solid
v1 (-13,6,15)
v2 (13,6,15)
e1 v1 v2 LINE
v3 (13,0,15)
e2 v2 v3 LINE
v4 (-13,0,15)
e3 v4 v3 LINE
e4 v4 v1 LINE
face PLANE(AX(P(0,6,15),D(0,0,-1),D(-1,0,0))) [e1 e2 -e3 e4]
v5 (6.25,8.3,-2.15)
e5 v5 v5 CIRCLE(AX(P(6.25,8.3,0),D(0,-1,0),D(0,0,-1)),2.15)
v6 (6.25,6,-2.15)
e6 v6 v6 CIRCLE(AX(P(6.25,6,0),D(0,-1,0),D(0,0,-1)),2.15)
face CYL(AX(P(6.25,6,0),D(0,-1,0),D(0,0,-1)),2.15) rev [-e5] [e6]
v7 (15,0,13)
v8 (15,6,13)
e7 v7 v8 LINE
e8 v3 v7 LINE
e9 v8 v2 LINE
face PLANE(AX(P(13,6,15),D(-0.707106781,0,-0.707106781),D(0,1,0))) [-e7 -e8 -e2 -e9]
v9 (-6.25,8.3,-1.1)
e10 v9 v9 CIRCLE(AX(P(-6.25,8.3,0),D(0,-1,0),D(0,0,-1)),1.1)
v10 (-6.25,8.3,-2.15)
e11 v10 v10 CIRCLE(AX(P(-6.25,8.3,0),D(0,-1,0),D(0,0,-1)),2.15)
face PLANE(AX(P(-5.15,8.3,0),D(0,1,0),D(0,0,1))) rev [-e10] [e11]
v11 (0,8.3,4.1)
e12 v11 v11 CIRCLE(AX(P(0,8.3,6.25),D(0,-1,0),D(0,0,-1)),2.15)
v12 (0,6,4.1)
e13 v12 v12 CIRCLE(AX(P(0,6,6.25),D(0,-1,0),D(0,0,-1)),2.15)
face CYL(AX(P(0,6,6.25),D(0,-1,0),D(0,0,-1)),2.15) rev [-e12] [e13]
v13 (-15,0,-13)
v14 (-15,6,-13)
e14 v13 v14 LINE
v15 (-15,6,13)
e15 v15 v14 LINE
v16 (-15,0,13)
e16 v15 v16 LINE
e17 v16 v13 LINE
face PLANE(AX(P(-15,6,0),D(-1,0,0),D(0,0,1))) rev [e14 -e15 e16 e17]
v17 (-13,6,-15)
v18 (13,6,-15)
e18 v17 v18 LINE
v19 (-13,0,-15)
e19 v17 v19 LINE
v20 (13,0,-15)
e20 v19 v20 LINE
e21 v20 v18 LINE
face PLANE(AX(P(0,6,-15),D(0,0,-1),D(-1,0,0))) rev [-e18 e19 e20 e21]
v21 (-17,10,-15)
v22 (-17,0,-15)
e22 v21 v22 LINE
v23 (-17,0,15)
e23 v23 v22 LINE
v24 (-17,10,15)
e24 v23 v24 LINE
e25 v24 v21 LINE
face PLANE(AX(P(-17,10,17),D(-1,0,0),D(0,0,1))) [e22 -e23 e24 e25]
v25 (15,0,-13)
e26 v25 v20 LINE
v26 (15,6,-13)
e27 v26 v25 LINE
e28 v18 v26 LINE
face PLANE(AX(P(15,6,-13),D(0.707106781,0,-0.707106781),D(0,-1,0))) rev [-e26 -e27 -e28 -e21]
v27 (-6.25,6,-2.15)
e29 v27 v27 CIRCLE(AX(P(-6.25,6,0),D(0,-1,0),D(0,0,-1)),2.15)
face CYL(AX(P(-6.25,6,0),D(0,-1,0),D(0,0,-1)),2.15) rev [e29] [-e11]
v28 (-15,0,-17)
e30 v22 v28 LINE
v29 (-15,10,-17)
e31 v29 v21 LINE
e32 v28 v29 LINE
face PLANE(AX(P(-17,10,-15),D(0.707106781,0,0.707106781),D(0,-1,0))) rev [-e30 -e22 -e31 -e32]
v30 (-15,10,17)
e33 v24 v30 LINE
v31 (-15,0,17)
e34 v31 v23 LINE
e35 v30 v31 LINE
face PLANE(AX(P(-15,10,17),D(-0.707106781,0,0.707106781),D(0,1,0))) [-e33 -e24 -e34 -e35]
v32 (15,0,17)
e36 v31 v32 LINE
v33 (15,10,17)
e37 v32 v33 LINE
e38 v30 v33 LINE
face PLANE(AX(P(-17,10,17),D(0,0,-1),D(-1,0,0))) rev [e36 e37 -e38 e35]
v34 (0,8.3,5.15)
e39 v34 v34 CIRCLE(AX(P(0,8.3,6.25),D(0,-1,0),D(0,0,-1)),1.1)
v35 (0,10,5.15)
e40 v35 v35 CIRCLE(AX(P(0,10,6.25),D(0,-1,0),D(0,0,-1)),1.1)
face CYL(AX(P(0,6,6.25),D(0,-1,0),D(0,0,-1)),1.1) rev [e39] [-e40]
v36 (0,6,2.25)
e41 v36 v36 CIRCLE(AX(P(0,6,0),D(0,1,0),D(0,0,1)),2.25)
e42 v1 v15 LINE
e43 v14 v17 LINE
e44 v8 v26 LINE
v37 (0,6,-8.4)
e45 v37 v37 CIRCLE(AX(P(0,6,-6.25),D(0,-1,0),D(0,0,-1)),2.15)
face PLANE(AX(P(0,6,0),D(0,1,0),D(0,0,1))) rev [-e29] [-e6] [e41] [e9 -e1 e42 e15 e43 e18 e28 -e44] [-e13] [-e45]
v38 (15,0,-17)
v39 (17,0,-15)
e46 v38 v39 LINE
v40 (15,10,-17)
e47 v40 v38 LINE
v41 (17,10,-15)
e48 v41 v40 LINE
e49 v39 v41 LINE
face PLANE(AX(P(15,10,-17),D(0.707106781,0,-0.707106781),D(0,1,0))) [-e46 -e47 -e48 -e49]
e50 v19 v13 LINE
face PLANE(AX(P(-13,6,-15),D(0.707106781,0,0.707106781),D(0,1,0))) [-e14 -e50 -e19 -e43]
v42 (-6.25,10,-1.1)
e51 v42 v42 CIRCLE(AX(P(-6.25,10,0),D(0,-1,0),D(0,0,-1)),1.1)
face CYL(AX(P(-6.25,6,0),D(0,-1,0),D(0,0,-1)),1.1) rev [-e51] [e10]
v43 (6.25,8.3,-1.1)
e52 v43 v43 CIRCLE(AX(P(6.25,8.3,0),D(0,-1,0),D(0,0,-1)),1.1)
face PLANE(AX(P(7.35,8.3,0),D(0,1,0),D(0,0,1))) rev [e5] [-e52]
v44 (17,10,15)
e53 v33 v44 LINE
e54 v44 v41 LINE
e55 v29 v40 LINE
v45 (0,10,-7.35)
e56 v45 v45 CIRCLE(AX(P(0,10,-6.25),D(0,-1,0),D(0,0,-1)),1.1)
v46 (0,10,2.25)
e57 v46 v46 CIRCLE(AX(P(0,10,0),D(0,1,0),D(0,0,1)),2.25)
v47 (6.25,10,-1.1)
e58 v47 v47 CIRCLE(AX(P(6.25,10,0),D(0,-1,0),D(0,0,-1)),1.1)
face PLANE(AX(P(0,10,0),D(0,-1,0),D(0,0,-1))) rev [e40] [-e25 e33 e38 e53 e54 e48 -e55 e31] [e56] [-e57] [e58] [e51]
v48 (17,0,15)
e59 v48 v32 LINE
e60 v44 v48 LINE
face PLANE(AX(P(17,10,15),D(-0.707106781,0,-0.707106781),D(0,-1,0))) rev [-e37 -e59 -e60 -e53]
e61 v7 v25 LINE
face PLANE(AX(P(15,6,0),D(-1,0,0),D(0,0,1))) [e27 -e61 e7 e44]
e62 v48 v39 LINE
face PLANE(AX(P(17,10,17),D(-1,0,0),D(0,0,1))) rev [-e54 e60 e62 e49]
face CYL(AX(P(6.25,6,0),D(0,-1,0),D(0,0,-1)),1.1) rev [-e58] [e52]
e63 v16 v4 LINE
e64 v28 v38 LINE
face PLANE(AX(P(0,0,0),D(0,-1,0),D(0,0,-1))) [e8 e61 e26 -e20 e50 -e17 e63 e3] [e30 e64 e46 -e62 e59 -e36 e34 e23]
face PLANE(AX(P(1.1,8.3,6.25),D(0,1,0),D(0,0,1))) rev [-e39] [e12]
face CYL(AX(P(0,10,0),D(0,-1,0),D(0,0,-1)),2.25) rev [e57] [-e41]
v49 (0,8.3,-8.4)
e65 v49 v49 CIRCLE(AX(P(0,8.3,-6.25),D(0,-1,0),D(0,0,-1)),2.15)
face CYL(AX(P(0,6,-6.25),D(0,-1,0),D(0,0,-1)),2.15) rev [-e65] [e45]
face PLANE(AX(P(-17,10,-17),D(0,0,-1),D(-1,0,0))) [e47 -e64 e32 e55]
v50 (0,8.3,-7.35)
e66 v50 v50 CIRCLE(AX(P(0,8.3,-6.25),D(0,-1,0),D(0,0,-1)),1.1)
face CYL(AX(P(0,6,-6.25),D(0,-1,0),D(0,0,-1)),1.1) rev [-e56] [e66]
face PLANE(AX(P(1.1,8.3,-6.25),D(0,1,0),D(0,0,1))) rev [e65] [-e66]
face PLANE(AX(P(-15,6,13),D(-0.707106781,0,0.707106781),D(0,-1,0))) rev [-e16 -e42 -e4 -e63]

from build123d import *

# Parameters (mm, degrees)
SKETCH_1_W                   = 34
SKETCH_1_H                   = 34
SKETCH_1_R                   = 2.25
EXTRUDE_1_DEPTH              = 10
SKETCH_1_3_W                 = 30
SKETCH_1_3_H                 = 30
SKETCH_1_3_R                 = 2.25
CUT_EXTRUDE_1_DEPTH          = 6
CHAMFER_1_SIZE               = 2
HOLE_WIZARD_M2_1_D           = 2.2
HOLE_WIZARD_M2_1_CBORE_D     = 4.3
HOLE_WIZARD_M2_1_CBORE_DEPTH = 2.3


with BuildPart() as part:
    # 草图1 → 凸台-拉伸1 (new body)
    with BuildSketch(Plane(origin=(0, 0, 0), x_dir=(1, 0, 0), z_dir=(0, 1, 0))):
        Rectangle(SKETCH_1_W, SKETCH_1_H)
        Circle(SKETCH_1_R, mode=Mode.SUBTRACT)
    extrude(amount=EXTRUDE_1_DEPTH)

    # 草图1<3> → 切除-拉伸1 (cut)
    with BuildSketch(Plane(origin=(0, 0, 0), x_dir=(1, 0, 0), z_dir=(0, 1, 0))):
        Rectangle(SKETCH_1_3_W, SKETCH_1_3_H)
        Circle(SKETCH_1_3_R, mode=Mode.SUBTRACT)
    extrude(amount=CUT_EXTRUDE_1_DEPTH, mode=Mode.SUBTRACT)

    # 倒角1
    chamfer_1_edges = [part.edges().sort_by_distance(p)[0] for p in [
        (-15, 3, -15),
        (15, 3, -15),
        (15, 3, 15),
        (-15, 3, 15),
        (-17, 5, 17),
        (17, 5, 17),
        (17, 5, -17),
        (-17, 5, -17),
    ]]
    chamfer(chamfer_1_edges, length=CHAMFER_1_SIZE)

    # M2 六角圆柱头螺钉的柱形沉头孔1 (through all)
    with Locations(Plane(origin=(0, 6, 0), x_dir=(-1, 0, 0), z_dir=(0, -1, 0))):
        with Locations((0, 6.25), (6.25, 0), (0, -6.25), (-6.25, 0)):
            CounterBoreHole(HOLE_WIZARD_M2_1_D / 2, HOLE_WIZARD_M2_1_CBORE_D / 2, HOLE_WIZARD_M2_1_CBORE_DEPTH)


solid = part.part
